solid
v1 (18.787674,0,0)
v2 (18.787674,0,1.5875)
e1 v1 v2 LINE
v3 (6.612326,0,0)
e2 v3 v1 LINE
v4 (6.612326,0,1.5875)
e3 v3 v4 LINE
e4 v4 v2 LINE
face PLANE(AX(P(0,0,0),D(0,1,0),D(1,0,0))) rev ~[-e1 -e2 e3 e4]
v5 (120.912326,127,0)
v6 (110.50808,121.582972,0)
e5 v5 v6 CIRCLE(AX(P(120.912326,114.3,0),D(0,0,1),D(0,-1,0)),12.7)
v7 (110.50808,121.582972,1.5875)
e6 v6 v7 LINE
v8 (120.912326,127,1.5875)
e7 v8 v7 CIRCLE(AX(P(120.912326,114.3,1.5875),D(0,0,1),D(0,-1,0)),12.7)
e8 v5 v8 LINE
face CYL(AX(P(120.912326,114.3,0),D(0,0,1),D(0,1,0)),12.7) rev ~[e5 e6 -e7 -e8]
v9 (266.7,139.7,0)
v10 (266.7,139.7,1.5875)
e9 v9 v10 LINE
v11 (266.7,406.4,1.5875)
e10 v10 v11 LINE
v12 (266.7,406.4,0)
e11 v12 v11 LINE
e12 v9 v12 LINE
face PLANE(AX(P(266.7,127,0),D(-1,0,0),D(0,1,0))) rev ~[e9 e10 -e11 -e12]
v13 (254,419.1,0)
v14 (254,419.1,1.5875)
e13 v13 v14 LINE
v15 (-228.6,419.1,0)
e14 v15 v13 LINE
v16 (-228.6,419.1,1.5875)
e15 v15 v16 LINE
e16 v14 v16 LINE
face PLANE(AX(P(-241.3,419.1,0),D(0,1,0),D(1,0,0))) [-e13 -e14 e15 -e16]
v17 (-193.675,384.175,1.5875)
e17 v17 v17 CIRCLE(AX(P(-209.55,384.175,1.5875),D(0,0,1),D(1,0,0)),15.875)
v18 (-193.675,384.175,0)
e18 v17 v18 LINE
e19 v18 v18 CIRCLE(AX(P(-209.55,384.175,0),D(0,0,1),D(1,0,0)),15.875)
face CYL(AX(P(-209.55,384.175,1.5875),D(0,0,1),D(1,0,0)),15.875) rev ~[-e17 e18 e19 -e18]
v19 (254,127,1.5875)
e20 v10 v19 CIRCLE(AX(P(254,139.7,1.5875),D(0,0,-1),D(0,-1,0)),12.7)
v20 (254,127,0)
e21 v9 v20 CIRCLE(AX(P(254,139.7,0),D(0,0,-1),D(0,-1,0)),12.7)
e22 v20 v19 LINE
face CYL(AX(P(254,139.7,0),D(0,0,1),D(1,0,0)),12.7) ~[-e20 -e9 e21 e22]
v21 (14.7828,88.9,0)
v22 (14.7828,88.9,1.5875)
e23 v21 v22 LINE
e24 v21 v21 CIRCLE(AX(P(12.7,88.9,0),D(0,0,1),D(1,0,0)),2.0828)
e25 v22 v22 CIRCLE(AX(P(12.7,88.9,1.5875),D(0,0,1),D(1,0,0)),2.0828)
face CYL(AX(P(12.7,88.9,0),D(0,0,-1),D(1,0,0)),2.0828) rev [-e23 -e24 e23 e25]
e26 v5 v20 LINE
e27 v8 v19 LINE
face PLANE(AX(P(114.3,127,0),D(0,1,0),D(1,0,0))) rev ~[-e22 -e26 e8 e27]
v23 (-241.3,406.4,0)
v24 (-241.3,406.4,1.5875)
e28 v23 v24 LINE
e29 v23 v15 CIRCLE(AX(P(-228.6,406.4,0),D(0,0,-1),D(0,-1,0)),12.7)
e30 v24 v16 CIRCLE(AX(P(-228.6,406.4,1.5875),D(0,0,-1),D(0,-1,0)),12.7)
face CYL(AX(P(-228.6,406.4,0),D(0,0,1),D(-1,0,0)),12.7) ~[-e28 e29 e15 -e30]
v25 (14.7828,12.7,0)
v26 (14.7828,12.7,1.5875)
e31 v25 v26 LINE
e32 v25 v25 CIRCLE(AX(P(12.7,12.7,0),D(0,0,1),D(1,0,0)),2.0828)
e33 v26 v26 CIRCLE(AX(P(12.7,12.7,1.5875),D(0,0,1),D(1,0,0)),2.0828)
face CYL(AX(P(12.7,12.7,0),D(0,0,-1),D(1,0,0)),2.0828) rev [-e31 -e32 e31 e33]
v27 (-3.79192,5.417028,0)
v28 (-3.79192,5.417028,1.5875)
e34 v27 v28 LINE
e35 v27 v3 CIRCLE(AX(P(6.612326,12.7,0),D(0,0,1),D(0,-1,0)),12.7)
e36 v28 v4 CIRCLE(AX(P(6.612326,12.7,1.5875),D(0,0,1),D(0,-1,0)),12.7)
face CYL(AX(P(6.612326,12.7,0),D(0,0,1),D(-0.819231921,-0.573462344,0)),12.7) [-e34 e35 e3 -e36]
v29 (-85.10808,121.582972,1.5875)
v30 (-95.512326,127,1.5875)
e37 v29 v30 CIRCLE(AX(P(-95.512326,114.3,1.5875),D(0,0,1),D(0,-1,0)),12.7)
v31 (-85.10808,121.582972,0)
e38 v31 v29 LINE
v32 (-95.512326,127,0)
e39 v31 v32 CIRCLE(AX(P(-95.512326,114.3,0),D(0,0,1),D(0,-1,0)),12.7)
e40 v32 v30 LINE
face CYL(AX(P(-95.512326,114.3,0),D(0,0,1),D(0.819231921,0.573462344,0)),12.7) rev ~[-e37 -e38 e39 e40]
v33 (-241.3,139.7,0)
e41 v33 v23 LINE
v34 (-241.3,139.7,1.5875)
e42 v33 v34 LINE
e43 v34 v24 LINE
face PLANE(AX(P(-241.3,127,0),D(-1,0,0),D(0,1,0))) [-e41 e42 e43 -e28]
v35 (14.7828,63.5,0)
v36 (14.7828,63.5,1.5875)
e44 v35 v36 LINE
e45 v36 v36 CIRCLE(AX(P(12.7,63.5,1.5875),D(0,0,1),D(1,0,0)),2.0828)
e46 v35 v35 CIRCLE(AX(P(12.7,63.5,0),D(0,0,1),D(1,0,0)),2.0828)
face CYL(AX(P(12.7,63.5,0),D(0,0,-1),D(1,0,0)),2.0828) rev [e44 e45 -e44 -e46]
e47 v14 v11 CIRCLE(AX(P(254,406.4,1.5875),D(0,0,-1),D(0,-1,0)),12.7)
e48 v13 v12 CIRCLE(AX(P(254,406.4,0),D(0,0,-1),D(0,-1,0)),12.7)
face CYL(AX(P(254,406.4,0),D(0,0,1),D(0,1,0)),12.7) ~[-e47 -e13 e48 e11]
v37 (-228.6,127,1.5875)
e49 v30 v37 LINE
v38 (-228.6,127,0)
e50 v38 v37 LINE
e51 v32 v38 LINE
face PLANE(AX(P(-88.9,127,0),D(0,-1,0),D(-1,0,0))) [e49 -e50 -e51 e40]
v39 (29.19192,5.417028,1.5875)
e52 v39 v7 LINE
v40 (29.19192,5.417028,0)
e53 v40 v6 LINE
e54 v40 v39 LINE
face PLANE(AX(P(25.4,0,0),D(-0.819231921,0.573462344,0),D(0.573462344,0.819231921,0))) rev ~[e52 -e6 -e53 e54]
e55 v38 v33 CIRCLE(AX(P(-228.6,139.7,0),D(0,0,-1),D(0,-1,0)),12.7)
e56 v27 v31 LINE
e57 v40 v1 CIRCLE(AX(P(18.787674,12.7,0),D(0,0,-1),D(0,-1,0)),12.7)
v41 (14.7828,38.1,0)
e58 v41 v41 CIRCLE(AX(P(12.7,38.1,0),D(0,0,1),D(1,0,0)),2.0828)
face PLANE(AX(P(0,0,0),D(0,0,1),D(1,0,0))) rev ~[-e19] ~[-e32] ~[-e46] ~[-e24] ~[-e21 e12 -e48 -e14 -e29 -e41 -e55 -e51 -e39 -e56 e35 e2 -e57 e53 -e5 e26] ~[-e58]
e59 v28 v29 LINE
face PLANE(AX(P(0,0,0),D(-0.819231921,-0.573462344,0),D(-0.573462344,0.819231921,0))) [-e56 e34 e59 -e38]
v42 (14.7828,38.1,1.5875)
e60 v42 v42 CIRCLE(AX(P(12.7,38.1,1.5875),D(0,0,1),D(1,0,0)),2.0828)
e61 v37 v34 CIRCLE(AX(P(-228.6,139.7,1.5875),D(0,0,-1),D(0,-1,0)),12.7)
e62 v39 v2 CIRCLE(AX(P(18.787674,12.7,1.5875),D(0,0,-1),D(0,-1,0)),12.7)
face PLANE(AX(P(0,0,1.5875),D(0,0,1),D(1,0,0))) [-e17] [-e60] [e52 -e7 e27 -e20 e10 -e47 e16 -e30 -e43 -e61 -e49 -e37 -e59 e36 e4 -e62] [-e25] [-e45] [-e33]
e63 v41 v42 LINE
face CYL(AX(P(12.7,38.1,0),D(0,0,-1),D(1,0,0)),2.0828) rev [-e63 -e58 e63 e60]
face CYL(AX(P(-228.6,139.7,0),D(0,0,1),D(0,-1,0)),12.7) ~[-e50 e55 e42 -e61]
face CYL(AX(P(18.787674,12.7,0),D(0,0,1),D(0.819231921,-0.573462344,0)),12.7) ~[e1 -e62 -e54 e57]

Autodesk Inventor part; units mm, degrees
ref_plane "YZ Plane" through (0, 0, 0) normal (1, 0, 0) x (0, 1, 0)
ref_plane "XZ Plane" through (0, 0, 0) normal (0, 1, 0) x (-1, 0, 0)
ref_plane "XY Plane" through (0, 0, 0) normal (0, 0, 1) x (1, 0, 0)
sketch "Sketch1" plane through (0, 0, 0) normal (0, 0, 1) x (1, 0, 0)
  line L0 (0, 0) -> (25.4, 0)
  line L1 (25.4, 0) -> (114.3, 127)
  line L2 (12.7, 0) -> (12.7, 419.1) construction
  line L3 (114.3, 127) -> (266.7, 127)
  line L4 (266.7, 127) -> (266.7, 419.1)
  line L5 (266.7, 419.1) -> (12.7, 419.1)
  circle A0 centre (12.7, 12.7) radius 2.0828
  circle A1 centre (12.7, 38.1) radius 2.0828
  circle A2 centre (12.7, 63.5) radius 2.0828
  circle A3 centre (12.7, 88.9) radius 2.0828
  line L6 (0, 0) -> (-88.9, 127)
  line L7 (-88.9, 127) -> (-241.3, 127)
  line L8 (-241.3, 127) -> (-241.3, 419.1)
  line L9 (-241.3, 419.1) -> (12.7, 419.1)
  dimension "d0" = 25.4
  dimension "d2" = 254
  dimension "d3" = 419.1
  dimension "d4" = 127
  dimension "d5" = 152.4
  dimension "d6" = 4.1656
  dimension "d7" = 12.7
  dimension "d10" = 25.4
extrude "Extrusion1" add sketch "Sketch1" along normal blind 1.5875
fillet "Fillet1" radius 12.7 8 edges at (25.4, 0, 0.7937) (114.3, 127, 0.7937) (266.7, 127, 0.7937) (266.7, 419.1, 0.7937) (-241.3, 419.1, 0.7937) (-241.3, 127, 0.7937) (-88.9, 127, 0.7937) (0, 0, 0.7937)
sketch "Sketch2" plane through (0, 0, 1.5875) normal (0, 0, 1) x (1, 0, 0)
  line L0 (254, 419.1) -> (-228.6, 419.1) projected
  line L1 (-241.3, 406.4) -> (-241.3, 139.7) projected
  circle A0 centre (-209.55, 384.175) radius 15.875
  circle A1 centre (-165.1, 384.175) radius 15.875
  circle A2 centre (-120.65, 384.175) radius 15.875
  circle A3 centre (-76.2, 384.175) radius 15.875
  circle A4 centre (-31.75, 384.175) radius 15.875
  circle A5 centre (12.7, 384.175) radius 15.875
  circle A6 centre (57.15, 384.175) radius 15.875
  circle A7 centre (101.6, 384.175) radius 15.875
  circle A8 centre (146.05, 384.175) radius 15.875
  circle A9 centre (190.5, 384.175) radius 15.875
  circle A10 centre (234.95, 384.175) radius 15.875
  circle A11 centre (-209.55, 339.725) radius 15.875
  circle A12 centre (-165.1, 339.725) radius 15.875
  circle A13 centre (-120.65, 339.725) radius 15.875
  circle A14 centre (-76.2, 339.725) radius 15.875
  circle A15 centre (-31.75, 339.725) radius 15.875
  circle A16 centre (12.7, 339.725) radius 15.875
  circle A17 centre (57.15, 339.725) radius 15.875
  circle A18 centre (101.6, 339.725) radius 15.875
  circle A19 centre (146.05, 339.725) radius 15.875
  circle A20 centre (190.5, 339.725) radius 15.875
  circle A21 centre (234.95, 339.725) radius 15.875
  circle A22 centre (-209.55, 295.275) radius 15.875
  circle A23 centre (-165.1, 295.275) radius 15.875
  circle A24 centre (-120.65, 295.275) radius 15.875
  circle A25 centre (-76.2, 295.275) radius 15.875
  circle A26 centre (-31.75, 295.275) radius 15.875
  circle A27 centre (12.7, 295.275) radius 15.875
  circle A28 centre (57.15, 295.275) radius 15.875
  circle A29 centre (101.6, 295.275) radius 15.875
  circle A30 centre (146.05, 295.275) radius 15.875
  circle A31 centre (190.5, 295.275) radius 15.875
  circle A32 centre (234.95, 295.275) radius 15.875
  circle A33 centre (-209.55, 250.825) radius 15.875
  circle A34 centre (-165.1, 250.825) radius 15.875
  circle A35 centre (-120.65, 250.825) radius 15.875
  circle A36 centre (-76.2, 250.825) radius 15.875
  circle A37 centre (-31.75, 250.825) radius 15.875
  circle A38 centre (12.7, 250.825) radius 15.875
  circle A39 centre (57.15, 250.825) radius 15.875
  circle A40 centre (101.6, 250.825) radius 15.875
  circle A41 centre (146.05, 250.825) radius 15.875
  circle A42 centre (190.5, 250.825) radius 15.875
  circle A43 centre (234.95, 250.825) radius 15.875
  circle A44 centre (-209.55, 206.375) radius 15.875
  circle A45 centre (-165.1, 206.375) radius 15.875
  circle A46 centre (-120.65, 206.375) radius 15.875
  circle A47 centre (-76.2, 206.375) radius 15.875
  circle A48 centre (-31.75, 206.375) radius 15.875
  circle A49 centre (12.7, 206.375) radius 15.875
  circle A50 centre (57.15, 206.375) radius 15.875
  circle A51 centre (101.6, 206.375) radius 15.875
  circle A52 centre (146.05, 206.375) radius 15.875
  circle A53 centre (190.5, 206.375) radius 15.875
  circle A54 centre (234.95, 206.375) radius 15.875
  circle A55 centre (-209.55, 161.925) radius 15.875
  circle A56 centre (-165.1, 161.925) radius 15.875
  circle A57 centre (-120.65, 161.925) radius 15.875
  circle A58 centre (-76.2, 161.925) radius 15.875
  circle A59 centre (-31.75, 161.925) radius 15.875
  circle A60 centre (12.7, 161.925) radius 15.875
  circle A61 centre (57.15, 161.925) radius 15.875
  circle A62 centre (101.6, 161.925) radius 15.875
  circle A63 centre (146.05, 161.925) radius 15.875
  circle A64 centre (190.5, 161.925) radius 15.875
  circle A65 centre (234.95, 161.925) radius 15.875
  circle A66 centre (-209.55, 117.475) radius 15.875
  circle A67 centre (-165.1, 117.475) radius 15.875
  circle A68 centre (-120.65, 117.475) radius 15.875
  circle A69 centre (-76.2, 117.475) radius 15.875
  circle A70 centre (-31.75, 117.475) radius 15.875
  circle A71 centre (12.7, 117.475) radius 15.875
  circle A72 centre (57.15, 117.475) radius 15.875
  circle A73 centre (101.6, 117.475) radius 15.875
  circle A74 centre (146.05, 117.475) radius 15.875
  circle A75 centre (190.5, 117.475) radius 15.875
  circle A76 centre (234.95, 117.475) radius 15.875
  circle A77 centre (-209.55, 73.025) radius 15.875
  circle A78 centre (-165.1, 73.025) radius 15.875
  circle A79 centre (-120.65, 73.025) radius 15.875
  circle A80 centre (-76.2, 73.025) radius 15.875
  circle A81 centre (-31.75, 73.025) radius 15.875
  circle A82 centre (12.7, 73.025) radius 15.875
  circle A83 centre (57.15, 73.025) radius 15.875
  circle A84 centre (101.6, 73.025) radius 15.875
  circle A85 centre (146.05, 73.025) radius 15.875
  circle A86 centre (190.5, 73.025) radius 15.875
  circle A87 centre (234.95, 73.025) radius 15.875
  point P0 (0, 0)
  dimension "d18" = 31.75
  dimension "d19" = 34.925
  dimension "d20" = 31.75
  dimension "d23" = 44.45
  dimension "d26" = 44.45
extrude "Extrusion2" cut sketch "Sketch2" against normal blind 1.5875 contours A0
properties part number "Funnel 2" material "Polycarbonate, Clear"
